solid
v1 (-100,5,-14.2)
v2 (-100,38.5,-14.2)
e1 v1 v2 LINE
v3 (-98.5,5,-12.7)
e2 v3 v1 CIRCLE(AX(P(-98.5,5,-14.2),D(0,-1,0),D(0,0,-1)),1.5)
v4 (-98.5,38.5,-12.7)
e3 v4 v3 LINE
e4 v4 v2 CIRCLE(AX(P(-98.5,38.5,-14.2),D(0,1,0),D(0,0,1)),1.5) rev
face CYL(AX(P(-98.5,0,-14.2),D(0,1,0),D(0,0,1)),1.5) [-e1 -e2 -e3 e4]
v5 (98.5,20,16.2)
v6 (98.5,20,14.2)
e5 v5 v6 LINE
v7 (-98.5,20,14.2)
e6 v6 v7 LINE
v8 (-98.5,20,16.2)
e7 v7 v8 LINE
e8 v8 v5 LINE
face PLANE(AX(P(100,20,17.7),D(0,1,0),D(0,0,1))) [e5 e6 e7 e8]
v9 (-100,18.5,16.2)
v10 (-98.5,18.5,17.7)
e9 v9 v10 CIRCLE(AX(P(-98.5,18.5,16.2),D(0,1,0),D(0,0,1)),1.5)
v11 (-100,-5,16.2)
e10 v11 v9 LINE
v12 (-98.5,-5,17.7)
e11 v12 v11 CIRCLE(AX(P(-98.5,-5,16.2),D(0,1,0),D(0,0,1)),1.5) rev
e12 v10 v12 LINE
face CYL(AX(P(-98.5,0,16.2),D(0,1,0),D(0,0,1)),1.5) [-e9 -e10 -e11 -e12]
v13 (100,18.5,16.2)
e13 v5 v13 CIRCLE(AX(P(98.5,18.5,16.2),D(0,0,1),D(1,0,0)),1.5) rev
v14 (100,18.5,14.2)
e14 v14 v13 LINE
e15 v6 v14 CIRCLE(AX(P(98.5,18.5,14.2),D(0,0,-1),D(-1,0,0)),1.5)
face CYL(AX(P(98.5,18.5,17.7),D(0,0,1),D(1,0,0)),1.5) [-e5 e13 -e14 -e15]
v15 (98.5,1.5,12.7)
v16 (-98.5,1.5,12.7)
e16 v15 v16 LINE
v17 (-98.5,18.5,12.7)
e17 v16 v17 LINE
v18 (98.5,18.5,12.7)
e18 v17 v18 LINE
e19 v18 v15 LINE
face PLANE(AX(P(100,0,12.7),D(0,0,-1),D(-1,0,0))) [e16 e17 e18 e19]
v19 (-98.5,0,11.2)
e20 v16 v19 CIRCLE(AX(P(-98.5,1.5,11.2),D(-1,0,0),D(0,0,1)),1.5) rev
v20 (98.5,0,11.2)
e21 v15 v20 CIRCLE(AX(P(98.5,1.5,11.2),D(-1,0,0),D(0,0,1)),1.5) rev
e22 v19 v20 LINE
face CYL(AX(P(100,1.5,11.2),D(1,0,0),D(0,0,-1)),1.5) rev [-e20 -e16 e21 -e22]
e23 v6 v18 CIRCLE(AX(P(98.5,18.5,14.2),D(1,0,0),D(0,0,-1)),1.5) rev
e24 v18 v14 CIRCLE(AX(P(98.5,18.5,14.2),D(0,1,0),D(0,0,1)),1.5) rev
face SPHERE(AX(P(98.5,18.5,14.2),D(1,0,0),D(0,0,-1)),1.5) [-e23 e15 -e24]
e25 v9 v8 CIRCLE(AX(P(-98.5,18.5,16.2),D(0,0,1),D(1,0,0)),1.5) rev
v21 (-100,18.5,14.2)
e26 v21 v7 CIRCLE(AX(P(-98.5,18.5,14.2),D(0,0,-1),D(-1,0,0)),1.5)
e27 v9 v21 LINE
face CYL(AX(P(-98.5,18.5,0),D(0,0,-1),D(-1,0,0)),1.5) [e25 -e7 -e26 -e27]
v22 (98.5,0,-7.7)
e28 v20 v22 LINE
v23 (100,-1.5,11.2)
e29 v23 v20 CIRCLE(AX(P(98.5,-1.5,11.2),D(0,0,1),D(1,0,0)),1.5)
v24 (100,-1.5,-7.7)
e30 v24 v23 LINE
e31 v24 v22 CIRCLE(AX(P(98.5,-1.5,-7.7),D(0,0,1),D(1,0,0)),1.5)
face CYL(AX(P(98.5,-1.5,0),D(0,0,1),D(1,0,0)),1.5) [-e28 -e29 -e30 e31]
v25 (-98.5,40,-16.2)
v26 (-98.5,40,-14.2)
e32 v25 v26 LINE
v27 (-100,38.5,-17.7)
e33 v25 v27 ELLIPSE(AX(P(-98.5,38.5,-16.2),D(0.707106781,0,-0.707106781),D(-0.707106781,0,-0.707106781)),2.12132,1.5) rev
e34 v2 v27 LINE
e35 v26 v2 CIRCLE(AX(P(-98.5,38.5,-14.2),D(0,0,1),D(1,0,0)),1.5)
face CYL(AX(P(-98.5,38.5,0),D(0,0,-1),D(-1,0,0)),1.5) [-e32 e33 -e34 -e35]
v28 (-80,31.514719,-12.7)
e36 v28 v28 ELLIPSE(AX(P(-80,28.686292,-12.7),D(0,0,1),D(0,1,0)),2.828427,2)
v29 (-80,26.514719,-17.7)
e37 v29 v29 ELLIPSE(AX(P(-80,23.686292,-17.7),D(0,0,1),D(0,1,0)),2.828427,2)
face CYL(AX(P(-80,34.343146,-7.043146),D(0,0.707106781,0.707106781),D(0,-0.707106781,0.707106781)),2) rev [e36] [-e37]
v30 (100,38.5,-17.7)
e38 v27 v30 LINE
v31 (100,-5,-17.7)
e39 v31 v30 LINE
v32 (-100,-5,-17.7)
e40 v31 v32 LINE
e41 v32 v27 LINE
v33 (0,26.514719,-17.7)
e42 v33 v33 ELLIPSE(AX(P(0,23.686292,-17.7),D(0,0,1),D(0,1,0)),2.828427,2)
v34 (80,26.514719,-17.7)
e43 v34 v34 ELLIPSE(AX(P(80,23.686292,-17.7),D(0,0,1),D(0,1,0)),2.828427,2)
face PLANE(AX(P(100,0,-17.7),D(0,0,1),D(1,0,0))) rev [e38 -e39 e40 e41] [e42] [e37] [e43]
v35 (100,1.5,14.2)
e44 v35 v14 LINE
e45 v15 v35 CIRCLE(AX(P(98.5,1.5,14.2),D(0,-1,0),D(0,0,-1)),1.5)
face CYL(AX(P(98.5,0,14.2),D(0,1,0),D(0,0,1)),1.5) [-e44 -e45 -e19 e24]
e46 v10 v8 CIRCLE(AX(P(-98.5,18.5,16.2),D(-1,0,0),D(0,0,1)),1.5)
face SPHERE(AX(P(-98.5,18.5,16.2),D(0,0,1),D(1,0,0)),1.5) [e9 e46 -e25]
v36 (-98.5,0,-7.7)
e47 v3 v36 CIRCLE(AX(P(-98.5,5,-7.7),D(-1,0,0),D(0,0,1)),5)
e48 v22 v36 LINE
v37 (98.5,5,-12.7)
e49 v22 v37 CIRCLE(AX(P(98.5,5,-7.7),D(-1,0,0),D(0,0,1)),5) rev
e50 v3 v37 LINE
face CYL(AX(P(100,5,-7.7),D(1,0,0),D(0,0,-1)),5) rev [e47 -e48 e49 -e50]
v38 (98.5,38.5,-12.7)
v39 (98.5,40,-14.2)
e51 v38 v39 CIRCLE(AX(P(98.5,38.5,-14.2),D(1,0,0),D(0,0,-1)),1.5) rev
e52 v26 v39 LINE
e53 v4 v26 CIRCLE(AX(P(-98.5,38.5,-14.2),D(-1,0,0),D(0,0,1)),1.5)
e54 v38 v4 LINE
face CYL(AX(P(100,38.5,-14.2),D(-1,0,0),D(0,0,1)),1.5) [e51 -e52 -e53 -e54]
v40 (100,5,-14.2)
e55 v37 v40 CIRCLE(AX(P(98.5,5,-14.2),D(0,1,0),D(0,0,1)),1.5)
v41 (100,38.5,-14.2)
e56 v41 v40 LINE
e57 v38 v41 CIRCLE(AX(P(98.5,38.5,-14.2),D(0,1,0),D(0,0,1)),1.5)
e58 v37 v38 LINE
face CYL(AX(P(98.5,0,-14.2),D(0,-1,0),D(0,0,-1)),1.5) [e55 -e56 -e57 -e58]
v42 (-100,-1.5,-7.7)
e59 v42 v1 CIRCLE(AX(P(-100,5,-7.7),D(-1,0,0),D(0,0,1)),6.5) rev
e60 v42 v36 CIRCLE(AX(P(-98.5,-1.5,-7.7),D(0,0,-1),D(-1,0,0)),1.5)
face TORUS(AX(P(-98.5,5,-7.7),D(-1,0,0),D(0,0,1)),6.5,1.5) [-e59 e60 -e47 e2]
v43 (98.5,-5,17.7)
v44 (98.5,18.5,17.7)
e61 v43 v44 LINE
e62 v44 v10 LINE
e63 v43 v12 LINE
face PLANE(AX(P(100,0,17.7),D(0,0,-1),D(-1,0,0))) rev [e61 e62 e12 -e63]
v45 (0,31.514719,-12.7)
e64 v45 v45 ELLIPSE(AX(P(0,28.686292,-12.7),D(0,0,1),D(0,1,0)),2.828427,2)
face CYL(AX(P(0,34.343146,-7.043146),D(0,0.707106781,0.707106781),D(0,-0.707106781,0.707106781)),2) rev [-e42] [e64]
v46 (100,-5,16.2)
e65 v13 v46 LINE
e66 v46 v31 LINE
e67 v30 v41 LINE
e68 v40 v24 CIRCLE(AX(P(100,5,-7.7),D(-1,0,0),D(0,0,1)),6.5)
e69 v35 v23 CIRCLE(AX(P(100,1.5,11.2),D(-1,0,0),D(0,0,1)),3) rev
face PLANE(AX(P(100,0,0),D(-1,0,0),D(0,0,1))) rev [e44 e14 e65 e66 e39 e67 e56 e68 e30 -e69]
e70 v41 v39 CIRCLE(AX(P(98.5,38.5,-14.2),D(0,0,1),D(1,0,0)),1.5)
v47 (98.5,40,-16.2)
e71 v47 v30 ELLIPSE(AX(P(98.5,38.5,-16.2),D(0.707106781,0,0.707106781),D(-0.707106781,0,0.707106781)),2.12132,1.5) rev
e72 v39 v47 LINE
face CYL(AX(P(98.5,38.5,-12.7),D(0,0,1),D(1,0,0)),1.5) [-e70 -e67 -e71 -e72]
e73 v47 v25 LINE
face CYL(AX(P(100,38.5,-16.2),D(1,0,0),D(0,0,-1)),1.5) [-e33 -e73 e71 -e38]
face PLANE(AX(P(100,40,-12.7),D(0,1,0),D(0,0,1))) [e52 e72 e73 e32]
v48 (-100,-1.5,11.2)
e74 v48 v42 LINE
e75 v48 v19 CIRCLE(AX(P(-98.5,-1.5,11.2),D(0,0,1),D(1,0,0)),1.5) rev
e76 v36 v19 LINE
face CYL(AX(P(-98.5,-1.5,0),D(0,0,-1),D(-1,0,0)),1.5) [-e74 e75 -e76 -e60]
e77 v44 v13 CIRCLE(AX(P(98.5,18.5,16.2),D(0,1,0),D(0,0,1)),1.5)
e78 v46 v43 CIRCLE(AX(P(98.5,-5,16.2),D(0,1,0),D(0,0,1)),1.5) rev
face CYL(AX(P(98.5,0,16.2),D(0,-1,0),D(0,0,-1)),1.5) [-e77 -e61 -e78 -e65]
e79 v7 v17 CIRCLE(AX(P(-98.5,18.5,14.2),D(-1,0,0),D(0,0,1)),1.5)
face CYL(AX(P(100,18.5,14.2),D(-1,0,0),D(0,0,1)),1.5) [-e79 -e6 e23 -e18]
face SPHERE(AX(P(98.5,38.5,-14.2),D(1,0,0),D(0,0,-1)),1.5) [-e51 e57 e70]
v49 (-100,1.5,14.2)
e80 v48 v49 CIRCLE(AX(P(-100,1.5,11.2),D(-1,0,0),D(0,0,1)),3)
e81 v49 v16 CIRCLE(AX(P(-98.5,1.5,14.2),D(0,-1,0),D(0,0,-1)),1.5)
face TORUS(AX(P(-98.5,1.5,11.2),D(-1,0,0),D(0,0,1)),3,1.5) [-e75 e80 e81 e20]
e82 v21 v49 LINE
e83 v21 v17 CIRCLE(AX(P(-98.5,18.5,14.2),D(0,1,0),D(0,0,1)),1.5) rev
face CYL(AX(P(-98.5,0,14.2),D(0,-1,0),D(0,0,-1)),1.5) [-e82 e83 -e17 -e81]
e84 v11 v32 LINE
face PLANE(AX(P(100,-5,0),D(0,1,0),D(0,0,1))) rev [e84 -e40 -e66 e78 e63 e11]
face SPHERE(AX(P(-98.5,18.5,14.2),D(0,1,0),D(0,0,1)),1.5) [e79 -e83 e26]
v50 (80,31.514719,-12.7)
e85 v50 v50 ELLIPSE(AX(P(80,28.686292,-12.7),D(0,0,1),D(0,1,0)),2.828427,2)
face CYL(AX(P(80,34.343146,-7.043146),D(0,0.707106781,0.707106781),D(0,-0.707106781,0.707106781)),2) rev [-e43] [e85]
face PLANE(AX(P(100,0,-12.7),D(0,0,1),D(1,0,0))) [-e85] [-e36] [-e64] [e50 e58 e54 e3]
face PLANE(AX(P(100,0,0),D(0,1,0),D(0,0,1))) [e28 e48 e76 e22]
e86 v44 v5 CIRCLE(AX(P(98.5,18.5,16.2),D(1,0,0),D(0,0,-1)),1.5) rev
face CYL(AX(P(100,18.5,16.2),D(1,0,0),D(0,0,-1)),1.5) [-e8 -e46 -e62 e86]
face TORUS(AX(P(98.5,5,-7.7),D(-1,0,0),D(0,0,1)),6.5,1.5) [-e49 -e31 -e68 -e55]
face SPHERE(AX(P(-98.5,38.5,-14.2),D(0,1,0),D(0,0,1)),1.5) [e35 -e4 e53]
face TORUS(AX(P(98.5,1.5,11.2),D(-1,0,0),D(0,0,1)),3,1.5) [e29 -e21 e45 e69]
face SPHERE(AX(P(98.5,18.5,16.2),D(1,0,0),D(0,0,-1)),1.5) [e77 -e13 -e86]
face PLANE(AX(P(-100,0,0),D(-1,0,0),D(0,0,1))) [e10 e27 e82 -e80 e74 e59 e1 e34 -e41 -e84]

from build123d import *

# Parameters (mm, degrees)
EXTRUDE_THIN1_DEPTH      = 100
F_4_0_4_DIAMETER_HOLE1_D = 4
FILLET3_R                = 5
FILLET2_R                = 1.5


with BuildPart() as part:
    # Sketch1 → Extrude-Thin1 (new body, symmetric)
    with BuildSketch(Plane(origin=(0, 0, 0), x_dir=(0, 0, -1), z_dir=(1, 0, 0))):
        Polygon((12.7, 40), (12.7, 0), (0, 0), (-12.7, 0), (-12.7, 20), (-17.7, 20), (-17.7, -5), (0, -5), (17.7, -5), (17.7, 40), align=None)
    extrude(amount=EXTRUDE_THIN1_DEPTH, both=True)

    # Ø4.0 (4) Diameter Hole1 (through all)
    with Locations(Plane(origin=(0, 13.65, 13.65), x_dir=(-1, 0, 0), z_dir=(0, 0.707106781, 0.707106781))):
        with Locations((80, -29.264527369), (-80, -29.264527369), (0, -29.264527369)):
            Hole(F_4_0_4_DIAMETER_HOLE1_D / 2)

    # Fillet3
    fillet3_edges = [part.edges().sort_by_distance(p)[0] for p in [
        (0, 0, -12.7),
    ]]
    fillet(fillet3_edges, radius=FILLET3_R)

    # Fillet2
    fillet2_edges = [part.edges().sort_by_distance(p)[0] for p in [
        (-100, 10, 12.7),
        (-100, 0, 2.5),
        (-100, 40, -15.2),
        (0, 20, 17.7),
        (0, 20, 12.7),
        (0, 0, 12.7),
        (0, 40, -12.7),
        (0, 40, -17.7),
        (100, 0, 2.5),
        (100, 10, 12.7),
        (100, 20, 15.2),
        (100, 7.5, 17.7),
        (-100, 22.5, -12.7),
        (100, 22.5, -12.7),
        (-100, 1.464466094, -11.235533906),
        (100, 1.464466094, -11.235533906),
        (100, 40, -15.2),
        (-100, 7.5, 17.7),
        (-100, 20, 15.2),
    ]]
    fillet(fillet2_edges, radius=FILLET2_R)


solid = part.part
